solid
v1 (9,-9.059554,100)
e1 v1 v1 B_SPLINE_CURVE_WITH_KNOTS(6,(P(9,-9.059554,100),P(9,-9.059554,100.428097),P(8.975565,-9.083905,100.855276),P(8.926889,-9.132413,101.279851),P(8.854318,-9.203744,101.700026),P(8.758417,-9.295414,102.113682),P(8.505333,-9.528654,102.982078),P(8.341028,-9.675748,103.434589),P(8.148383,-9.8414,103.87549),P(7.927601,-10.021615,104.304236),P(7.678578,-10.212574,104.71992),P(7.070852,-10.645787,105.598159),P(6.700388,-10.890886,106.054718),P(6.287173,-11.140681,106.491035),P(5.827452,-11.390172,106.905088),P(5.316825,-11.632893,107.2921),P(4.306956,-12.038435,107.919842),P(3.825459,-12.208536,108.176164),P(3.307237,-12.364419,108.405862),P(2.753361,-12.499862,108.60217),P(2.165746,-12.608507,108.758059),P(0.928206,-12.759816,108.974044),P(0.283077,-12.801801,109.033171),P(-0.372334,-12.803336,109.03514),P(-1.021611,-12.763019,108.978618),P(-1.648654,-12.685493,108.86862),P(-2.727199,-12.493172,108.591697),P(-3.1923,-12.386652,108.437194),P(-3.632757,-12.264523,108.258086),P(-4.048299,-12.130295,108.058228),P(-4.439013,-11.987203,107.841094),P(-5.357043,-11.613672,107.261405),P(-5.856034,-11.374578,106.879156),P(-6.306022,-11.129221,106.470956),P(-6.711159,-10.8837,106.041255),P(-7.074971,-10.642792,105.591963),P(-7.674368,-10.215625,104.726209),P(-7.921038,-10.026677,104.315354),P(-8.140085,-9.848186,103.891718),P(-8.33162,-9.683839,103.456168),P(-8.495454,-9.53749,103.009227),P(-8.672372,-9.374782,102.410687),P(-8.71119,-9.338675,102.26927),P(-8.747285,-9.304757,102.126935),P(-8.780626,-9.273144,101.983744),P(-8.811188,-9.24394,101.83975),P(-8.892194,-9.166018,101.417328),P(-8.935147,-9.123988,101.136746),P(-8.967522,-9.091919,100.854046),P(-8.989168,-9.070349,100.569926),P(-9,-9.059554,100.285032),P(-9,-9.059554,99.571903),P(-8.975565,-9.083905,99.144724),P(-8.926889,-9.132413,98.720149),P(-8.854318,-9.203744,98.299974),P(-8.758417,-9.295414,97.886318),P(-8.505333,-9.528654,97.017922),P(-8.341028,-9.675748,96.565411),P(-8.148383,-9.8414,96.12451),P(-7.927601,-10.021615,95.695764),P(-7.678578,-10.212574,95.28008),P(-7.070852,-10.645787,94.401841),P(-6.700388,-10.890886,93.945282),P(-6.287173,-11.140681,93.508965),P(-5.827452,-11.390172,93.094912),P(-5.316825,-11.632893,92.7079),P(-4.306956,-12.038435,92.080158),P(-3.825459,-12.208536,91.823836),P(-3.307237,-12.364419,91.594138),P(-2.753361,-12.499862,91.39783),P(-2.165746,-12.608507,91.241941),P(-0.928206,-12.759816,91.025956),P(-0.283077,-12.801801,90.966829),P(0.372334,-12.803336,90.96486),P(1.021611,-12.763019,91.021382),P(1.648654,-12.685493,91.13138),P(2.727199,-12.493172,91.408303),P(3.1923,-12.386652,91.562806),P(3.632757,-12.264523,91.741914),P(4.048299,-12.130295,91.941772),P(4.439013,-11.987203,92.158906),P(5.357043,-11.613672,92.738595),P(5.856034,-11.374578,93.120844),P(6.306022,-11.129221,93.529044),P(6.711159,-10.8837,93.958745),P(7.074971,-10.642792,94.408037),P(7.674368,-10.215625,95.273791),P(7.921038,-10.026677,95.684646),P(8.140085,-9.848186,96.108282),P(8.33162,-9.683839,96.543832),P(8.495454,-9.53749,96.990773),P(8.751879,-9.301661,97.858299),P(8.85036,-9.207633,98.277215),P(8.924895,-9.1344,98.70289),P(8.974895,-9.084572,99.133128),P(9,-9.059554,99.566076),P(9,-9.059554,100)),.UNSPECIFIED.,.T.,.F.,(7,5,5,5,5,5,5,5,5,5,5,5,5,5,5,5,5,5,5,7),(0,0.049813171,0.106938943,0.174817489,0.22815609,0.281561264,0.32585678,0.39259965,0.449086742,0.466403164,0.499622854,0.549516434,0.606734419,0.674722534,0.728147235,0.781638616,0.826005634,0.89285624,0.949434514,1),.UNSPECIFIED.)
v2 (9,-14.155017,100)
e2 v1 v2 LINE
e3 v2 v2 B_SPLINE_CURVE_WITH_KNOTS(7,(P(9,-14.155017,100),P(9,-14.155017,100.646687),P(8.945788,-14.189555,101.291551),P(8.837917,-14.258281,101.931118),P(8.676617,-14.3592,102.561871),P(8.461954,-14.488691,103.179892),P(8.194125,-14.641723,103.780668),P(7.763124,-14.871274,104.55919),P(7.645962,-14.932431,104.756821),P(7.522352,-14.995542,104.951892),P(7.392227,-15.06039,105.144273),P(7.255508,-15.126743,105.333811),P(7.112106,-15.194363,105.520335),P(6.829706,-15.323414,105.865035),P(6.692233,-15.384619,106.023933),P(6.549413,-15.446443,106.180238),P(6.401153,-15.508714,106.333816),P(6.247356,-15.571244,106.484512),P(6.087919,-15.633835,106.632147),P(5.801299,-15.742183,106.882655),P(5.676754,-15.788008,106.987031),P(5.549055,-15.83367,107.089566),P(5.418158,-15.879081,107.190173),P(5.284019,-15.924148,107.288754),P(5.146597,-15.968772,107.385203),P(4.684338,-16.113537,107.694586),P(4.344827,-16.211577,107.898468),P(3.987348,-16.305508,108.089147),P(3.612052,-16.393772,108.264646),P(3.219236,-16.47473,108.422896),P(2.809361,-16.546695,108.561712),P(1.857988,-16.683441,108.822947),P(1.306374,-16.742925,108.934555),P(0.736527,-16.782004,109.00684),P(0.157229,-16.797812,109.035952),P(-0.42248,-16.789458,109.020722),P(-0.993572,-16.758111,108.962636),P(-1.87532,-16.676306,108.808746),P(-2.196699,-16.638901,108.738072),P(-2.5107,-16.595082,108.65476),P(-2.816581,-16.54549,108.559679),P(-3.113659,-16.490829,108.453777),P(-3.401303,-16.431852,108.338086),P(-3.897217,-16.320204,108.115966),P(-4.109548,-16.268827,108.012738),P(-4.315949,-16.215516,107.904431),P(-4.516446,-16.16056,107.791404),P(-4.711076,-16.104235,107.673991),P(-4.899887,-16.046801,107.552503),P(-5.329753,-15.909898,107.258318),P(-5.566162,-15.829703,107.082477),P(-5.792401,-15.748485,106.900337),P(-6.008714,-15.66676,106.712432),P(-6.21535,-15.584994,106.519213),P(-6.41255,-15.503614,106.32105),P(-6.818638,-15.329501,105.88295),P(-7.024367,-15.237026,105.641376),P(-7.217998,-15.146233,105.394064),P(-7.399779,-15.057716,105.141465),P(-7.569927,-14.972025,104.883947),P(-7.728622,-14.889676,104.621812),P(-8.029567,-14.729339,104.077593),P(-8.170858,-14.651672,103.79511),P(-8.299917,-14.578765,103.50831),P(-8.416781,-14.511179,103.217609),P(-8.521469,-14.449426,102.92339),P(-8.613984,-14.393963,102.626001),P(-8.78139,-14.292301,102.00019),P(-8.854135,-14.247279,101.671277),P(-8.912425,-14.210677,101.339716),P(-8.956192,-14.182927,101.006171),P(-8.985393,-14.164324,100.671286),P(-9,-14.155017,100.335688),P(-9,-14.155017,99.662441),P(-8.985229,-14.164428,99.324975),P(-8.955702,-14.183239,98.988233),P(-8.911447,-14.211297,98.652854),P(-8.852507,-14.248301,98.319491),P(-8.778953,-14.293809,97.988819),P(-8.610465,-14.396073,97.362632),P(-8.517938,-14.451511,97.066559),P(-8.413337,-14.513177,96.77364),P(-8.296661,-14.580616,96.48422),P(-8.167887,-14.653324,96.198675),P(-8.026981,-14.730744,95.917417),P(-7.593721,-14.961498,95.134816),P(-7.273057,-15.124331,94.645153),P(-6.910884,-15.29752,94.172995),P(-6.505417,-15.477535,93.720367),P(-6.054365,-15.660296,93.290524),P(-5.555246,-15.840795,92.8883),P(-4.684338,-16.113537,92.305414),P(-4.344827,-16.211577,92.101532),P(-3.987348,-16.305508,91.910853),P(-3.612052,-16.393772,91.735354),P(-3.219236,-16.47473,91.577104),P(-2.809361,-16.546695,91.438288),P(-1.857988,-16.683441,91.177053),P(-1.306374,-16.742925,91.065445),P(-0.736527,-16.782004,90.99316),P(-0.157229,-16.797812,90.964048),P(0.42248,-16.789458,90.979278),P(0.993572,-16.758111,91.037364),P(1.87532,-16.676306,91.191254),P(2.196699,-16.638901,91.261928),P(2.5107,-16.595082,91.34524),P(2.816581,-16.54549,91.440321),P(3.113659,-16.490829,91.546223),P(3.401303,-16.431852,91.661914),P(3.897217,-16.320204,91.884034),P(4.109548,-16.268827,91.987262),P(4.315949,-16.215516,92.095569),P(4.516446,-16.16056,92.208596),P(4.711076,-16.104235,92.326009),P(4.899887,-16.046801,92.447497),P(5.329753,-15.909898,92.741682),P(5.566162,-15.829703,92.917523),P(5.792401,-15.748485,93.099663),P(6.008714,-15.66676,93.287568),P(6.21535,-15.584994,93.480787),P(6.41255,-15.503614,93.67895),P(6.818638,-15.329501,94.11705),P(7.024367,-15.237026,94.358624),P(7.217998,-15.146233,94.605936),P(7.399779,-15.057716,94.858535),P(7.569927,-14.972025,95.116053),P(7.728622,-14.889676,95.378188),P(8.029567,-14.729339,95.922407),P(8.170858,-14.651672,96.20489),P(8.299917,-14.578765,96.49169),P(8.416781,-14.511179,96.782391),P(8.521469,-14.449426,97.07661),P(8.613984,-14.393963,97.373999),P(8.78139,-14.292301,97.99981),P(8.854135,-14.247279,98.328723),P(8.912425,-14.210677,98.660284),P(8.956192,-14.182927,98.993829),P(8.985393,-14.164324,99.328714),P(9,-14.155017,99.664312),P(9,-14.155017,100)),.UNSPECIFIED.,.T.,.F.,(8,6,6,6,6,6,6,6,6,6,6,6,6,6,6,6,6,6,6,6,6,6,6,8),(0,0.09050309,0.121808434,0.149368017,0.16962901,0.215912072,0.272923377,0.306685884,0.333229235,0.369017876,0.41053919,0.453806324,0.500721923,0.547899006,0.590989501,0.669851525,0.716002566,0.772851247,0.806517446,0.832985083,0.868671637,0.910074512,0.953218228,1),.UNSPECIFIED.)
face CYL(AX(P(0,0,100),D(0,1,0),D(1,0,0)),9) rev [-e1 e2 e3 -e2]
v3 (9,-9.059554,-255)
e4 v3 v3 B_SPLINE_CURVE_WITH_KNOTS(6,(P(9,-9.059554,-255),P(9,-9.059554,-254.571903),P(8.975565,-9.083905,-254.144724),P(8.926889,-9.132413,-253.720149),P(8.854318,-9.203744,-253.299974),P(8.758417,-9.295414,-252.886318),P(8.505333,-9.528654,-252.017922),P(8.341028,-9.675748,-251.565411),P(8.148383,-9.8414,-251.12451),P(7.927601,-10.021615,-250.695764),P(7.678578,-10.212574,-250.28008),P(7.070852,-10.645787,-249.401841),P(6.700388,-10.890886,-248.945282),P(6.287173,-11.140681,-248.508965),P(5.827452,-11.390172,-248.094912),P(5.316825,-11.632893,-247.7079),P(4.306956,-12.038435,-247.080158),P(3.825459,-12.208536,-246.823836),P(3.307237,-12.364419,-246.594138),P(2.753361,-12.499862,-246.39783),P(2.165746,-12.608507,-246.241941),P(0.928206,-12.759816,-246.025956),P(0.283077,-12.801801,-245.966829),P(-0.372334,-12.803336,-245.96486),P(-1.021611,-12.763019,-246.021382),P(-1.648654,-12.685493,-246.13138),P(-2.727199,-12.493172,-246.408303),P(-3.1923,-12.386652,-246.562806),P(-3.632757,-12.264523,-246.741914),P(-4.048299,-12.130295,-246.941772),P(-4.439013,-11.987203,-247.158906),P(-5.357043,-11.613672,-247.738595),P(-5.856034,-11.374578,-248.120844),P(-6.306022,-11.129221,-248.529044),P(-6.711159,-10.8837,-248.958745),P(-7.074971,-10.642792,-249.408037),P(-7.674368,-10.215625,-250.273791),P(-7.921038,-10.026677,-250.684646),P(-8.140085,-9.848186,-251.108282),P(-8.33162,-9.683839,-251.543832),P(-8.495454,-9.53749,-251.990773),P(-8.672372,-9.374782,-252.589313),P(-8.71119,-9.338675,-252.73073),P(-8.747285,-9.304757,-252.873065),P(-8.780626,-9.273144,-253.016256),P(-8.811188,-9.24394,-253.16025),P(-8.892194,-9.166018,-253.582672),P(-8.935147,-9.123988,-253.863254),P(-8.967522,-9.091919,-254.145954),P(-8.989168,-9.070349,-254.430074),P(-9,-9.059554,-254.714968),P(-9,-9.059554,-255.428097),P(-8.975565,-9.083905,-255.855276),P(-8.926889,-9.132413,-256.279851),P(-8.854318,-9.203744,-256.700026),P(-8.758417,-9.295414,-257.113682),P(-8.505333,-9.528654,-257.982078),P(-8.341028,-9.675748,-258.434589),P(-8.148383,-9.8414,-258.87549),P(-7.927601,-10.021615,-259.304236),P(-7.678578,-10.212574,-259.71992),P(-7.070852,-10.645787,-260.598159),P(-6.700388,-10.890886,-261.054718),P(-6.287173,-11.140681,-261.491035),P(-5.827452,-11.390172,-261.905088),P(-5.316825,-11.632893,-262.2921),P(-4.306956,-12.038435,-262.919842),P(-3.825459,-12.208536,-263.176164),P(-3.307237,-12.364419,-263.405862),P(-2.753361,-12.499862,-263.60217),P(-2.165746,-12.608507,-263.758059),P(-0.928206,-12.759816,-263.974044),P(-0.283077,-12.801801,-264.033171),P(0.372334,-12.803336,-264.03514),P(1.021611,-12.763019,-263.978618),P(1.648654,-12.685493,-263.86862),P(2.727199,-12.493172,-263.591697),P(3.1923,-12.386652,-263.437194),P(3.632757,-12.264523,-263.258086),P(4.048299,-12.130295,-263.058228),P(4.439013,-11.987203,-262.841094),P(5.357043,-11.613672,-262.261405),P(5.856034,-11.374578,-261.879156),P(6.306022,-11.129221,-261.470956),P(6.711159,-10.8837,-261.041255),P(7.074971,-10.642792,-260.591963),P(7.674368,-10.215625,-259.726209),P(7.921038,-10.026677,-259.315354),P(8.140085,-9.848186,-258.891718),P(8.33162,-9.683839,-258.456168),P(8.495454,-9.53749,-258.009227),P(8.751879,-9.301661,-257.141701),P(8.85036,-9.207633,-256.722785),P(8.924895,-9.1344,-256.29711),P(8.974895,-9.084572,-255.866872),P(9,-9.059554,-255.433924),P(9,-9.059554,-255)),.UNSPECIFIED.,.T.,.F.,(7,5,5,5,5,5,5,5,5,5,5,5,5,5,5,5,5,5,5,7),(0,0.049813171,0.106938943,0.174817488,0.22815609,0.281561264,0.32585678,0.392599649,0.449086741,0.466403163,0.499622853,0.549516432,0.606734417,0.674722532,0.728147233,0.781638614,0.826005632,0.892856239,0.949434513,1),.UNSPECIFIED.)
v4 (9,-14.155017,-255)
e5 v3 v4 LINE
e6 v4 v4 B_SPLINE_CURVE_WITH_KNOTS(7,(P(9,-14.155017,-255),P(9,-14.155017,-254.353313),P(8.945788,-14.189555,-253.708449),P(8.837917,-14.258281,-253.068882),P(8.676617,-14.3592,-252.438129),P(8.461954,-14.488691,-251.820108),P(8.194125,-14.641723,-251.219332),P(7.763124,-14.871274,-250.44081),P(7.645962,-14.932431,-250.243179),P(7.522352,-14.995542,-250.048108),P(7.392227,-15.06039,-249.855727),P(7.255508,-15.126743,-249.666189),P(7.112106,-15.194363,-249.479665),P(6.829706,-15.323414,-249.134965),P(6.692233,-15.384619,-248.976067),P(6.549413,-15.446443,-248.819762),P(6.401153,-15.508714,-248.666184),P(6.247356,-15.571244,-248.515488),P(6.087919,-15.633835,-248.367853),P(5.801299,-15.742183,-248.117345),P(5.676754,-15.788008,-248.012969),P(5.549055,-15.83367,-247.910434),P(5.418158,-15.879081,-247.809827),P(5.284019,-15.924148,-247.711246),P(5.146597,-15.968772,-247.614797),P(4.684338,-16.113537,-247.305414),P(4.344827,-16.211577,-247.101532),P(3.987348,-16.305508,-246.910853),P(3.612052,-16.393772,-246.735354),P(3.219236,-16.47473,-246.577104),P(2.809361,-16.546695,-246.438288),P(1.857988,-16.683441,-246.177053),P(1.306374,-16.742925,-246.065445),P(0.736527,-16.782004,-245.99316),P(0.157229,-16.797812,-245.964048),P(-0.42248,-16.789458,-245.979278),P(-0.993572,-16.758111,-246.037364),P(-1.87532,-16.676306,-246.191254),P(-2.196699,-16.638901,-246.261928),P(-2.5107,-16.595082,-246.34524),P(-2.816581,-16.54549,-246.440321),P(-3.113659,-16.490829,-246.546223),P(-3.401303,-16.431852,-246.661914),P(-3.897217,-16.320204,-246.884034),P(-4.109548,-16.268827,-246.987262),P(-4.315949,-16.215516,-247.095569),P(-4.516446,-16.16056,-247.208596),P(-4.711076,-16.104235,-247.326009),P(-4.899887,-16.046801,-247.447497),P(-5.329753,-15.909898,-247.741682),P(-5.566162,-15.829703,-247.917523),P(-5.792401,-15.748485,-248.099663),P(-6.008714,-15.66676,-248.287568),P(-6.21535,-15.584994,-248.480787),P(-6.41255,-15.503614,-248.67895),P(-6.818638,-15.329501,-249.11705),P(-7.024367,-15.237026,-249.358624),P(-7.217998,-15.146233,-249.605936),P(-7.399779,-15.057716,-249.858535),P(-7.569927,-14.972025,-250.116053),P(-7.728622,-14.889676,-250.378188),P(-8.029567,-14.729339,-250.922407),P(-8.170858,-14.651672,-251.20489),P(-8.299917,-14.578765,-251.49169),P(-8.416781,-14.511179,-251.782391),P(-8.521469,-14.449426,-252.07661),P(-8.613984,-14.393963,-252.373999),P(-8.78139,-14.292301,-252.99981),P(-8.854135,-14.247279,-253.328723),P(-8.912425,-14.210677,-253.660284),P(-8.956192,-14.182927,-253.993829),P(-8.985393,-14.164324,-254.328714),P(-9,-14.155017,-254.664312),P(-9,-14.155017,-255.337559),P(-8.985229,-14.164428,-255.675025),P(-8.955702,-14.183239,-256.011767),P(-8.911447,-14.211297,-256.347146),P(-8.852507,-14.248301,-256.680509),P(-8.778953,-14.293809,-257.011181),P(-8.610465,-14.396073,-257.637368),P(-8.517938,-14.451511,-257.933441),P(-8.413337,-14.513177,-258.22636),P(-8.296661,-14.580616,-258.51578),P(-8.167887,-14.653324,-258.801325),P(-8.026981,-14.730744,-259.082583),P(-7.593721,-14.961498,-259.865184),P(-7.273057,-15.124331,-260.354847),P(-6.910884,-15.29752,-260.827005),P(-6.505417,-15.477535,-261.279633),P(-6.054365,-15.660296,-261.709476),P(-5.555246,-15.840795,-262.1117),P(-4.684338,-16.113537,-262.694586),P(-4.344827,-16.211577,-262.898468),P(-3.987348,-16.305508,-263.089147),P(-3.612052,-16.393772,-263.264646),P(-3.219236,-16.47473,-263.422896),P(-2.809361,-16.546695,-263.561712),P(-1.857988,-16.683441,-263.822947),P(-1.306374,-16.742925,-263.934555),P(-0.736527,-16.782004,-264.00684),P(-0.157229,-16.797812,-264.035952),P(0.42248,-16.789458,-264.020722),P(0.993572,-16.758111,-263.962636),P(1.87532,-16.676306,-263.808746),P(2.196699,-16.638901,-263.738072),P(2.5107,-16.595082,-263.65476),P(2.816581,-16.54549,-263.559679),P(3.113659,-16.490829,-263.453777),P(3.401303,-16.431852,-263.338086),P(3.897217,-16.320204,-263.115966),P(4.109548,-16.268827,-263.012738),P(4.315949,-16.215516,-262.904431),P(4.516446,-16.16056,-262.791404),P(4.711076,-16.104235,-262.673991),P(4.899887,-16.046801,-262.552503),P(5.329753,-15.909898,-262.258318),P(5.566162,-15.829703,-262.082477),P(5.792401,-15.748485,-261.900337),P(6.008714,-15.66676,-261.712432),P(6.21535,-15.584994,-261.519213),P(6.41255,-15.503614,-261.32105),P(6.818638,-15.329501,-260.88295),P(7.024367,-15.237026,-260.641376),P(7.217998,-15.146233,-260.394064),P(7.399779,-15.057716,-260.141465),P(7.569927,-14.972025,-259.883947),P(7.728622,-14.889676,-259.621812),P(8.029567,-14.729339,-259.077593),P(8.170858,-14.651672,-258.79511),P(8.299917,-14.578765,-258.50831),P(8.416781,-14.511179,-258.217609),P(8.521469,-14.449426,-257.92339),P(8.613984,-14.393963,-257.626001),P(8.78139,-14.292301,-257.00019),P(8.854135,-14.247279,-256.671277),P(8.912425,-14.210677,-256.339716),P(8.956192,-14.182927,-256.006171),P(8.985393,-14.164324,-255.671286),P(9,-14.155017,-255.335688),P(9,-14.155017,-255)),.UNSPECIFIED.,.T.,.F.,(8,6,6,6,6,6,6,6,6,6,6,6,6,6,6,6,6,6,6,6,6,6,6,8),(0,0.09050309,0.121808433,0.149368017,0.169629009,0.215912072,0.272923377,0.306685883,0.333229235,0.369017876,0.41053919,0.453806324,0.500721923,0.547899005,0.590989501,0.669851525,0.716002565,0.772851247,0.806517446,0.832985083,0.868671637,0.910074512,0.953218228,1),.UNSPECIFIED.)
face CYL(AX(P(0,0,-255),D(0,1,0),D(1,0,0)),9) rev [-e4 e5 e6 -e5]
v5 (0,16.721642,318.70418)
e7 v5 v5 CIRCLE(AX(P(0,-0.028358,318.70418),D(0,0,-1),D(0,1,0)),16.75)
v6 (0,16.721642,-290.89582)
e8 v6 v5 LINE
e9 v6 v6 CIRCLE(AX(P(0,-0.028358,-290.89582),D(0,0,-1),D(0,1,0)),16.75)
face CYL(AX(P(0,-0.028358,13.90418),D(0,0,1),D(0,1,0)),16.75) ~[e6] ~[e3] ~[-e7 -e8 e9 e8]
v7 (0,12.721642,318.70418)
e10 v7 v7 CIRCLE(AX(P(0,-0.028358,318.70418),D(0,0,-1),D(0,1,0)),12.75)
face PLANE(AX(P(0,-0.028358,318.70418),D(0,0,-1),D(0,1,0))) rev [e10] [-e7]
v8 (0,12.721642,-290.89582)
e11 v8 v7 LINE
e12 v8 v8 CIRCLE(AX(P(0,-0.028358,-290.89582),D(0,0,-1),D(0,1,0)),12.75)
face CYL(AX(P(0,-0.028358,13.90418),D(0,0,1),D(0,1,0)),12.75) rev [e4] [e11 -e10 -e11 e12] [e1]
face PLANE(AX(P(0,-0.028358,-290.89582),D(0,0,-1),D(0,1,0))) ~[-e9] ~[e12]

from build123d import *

# Parameters (mm, degrees)
F0_W     = 4
F0_H     = 609.6
F2_R     = 9
F3_DEPTH = 16.779358


with BuildPart() as f1:
    # F0 (on Right) → F1 (revolve)
    with BuildSketch(Plane.YZ):
        with Locations((14.721642, 13.90418)):
            Rectangle(F0_W, F0_H)
    revolve(axis=Axis((0, -0.028358, 13.90418), (0, 0, -1)))

    # F2 (on Front) → F3 (cut, through all)
    with BuildSketch(Plane.XZ):
        with Locations((0, 100)):
            Circle(F2_R)
        with Locations((0, -255)):
            Circle(F2_R)
    extrude(amount=F3_DEPTH, mode=Mode.SUBTRACT)


solid = f1.part
